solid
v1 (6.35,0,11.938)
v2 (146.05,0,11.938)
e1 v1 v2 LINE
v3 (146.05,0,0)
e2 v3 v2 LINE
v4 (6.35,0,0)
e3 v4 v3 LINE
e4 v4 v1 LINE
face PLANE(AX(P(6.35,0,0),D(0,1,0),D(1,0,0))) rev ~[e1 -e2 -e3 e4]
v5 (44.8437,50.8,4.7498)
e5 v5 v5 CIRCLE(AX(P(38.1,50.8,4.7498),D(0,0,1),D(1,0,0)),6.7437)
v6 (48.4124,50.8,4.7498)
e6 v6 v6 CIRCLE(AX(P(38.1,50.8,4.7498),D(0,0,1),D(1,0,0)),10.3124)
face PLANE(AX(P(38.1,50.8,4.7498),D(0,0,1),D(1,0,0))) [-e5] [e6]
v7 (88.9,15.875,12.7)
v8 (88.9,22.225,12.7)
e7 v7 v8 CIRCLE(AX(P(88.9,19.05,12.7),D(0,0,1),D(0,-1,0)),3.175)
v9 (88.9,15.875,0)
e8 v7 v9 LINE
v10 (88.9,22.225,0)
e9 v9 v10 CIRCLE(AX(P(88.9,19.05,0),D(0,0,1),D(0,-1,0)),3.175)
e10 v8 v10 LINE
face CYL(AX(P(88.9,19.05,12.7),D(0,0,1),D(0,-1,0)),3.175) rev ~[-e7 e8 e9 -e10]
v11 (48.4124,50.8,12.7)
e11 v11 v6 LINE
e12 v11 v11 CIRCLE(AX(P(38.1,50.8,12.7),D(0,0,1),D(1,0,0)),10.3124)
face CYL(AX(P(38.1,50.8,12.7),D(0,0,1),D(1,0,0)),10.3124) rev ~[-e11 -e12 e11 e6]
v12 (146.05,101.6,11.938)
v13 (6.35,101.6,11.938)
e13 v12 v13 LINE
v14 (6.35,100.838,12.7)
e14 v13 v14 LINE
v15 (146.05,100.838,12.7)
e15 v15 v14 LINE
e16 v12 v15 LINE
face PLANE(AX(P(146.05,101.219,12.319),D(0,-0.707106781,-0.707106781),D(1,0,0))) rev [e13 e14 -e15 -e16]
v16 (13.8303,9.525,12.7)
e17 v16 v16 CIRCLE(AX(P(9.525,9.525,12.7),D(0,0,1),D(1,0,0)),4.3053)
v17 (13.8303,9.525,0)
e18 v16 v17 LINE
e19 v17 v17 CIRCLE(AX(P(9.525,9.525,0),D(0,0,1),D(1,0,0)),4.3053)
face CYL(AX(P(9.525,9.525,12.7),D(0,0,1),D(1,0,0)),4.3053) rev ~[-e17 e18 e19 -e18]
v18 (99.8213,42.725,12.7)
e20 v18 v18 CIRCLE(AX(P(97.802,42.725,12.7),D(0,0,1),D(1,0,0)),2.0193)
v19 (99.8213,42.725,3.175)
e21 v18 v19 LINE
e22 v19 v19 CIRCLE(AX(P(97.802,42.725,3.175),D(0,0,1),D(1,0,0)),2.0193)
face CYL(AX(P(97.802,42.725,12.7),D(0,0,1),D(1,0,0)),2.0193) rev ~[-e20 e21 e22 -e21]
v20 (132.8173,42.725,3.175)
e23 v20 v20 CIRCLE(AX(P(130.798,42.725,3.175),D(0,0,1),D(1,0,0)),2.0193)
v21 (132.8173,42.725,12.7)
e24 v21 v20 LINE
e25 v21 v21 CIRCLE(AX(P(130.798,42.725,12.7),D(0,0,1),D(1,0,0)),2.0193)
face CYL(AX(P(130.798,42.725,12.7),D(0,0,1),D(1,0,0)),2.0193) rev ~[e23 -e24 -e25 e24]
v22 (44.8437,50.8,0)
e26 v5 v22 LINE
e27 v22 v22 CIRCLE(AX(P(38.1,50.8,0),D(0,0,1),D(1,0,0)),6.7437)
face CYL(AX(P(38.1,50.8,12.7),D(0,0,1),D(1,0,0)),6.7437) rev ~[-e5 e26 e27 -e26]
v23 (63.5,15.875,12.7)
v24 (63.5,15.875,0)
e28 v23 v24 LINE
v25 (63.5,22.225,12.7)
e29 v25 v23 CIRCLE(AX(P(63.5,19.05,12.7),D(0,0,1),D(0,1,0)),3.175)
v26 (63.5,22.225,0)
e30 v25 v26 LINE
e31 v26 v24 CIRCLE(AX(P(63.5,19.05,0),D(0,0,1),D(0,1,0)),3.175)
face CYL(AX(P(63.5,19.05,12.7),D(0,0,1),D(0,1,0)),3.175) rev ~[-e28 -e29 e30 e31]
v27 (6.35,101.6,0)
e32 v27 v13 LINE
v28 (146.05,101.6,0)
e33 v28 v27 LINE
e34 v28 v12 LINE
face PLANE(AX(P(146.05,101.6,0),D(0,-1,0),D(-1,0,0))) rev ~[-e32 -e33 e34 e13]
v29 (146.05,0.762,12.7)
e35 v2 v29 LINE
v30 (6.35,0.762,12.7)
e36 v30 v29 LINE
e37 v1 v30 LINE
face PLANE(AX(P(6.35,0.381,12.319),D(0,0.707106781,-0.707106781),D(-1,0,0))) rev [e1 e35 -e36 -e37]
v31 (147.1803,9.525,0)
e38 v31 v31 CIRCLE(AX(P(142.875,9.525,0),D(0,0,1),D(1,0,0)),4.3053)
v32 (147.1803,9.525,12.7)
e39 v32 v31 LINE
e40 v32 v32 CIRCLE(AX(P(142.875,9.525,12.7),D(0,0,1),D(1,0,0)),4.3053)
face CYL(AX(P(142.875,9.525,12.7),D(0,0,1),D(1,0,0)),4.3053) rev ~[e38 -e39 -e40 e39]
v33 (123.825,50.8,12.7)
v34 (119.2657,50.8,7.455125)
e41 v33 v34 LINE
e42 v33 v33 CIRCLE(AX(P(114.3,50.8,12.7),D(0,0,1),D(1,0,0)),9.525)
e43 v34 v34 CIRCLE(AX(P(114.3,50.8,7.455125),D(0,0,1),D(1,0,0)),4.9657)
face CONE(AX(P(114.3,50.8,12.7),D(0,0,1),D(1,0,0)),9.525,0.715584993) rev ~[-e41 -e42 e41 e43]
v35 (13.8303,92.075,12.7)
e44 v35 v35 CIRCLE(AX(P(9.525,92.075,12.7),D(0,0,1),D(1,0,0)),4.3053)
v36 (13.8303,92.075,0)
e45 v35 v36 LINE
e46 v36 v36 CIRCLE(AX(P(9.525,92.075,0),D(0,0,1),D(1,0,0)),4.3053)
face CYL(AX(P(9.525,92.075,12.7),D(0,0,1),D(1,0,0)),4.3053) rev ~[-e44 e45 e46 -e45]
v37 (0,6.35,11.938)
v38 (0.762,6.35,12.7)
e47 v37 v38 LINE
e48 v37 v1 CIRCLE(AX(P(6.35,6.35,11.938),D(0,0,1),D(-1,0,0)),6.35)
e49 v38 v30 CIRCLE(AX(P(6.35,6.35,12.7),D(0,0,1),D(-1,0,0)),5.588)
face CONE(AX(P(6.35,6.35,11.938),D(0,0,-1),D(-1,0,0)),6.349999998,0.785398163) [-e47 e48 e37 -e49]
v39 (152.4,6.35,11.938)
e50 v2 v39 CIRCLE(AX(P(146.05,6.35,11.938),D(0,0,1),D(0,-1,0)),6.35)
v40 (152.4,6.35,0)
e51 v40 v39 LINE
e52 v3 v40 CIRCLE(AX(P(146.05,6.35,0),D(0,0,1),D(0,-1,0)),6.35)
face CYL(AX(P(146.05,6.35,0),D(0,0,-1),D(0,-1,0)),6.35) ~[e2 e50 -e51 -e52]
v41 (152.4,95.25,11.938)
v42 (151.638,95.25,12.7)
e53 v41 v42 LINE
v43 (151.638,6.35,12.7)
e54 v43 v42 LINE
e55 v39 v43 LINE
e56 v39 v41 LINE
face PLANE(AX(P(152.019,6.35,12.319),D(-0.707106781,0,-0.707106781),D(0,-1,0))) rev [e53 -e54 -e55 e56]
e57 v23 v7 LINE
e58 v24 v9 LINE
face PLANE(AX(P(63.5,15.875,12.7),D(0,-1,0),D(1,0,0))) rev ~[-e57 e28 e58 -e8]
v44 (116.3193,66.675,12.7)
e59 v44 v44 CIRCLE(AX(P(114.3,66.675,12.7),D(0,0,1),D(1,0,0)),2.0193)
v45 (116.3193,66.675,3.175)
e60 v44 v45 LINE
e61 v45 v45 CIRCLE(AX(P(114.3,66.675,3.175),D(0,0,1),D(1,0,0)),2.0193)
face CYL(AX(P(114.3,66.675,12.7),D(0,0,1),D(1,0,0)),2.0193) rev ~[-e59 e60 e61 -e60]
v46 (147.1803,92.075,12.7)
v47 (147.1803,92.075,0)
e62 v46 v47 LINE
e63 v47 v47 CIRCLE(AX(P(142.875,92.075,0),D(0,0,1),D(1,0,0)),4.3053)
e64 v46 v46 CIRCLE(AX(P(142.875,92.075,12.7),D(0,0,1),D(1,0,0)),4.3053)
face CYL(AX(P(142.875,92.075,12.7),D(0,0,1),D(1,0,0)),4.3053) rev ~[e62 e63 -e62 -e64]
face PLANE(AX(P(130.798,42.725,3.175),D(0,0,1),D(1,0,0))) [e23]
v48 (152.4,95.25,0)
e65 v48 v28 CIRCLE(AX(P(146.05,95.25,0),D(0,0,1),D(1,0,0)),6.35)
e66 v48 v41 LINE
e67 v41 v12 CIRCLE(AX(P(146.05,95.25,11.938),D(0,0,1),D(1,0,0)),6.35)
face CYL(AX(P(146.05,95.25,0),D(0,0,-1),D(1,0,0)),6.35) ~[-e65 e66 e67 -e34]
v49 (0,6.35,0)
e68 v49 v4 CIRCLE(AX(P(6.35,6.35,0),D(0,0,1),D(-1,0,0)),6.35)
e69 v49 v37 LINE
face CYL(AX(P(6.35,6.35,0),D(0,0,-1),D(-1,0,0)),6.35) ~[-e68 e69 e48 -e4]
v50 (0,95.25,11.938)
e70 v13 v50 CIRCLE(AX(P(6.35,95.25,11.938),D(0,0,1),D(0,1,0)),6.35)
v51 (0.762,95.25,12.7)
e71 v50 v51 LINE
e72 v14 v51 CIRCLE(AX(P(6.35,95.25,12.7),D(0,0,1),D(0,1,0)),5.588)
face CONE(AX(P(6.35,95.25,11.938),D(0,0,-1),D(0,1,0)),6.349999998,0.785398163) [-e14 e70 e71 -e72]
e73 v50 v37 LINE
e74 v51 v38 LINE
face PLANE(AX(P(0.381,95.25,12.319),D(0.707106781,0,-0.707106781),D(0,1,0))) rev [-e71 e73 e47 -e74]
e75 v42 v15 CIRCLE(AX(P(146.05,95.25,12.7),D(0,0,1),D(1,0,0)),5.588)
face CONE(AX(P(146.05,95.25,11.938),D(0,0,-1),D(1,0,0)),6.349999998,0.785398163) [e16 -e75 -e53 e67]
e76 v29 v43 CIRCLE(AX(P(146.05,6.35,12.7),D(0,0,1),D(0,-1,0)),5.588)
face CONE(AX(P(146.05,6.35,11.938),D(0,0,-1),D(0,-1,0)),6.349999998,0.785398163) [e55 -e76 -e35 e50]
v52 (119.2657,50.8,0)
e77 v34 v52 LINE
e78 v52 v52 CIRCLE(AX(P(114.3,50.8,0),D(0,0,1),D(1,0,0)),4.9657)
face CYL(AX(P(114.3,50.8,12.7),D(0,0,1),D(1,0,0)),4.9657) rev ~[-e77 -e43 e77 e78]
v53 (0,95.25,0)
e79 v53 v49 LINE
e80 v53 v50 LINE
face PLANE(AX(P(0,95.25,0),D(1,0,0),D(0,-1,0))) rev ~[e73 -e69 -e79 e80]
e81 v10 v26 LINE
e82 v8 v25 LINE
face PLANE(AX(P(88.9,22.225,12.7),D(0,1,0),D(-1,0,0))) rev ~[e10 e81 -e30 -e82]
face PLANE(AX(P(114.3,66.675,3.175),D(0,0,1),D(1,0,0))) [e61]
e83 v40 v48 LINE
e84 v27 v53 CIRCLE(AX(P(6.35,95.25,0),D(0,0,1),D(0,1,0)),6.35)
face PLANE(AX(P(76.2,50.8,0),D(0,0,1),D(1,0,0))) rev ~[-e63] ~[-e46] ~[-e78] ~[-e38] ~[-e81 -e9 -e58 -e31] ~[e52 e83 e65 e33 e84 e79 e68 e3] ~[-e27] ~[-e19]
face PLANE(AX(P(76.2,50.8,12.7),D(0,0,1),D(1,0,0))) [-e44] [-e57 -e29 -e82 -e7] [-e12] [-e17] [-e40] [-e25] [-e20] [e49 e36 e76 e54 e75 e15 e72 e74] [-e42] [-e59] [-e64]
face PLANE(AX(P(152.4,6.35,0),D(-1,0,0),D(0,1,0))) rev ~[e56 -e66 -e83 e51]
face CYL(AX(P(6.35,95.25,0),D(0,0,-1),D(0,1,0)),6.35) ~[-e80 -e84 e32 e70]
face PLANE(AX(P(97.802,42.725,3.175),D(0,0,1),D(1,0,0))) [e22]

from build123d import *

# Parameters (mm, degrees)
EXTRUDE_1_DEPTH     = 12.7
SKETCH_2_R          = 4.3053
CUT_EXTRUDE_1_DEPTH = 184.601770144
CUT_EXTRUDE_2_DEPTH = 184.601770144
SKETCH_4_R          = 10.3124
CUT_EXTRUDE_3_DEPTH = 7.9502
SKETCH_5_R          = 6.7437
CUT_EXTRUDE_4_DEPTH = 184.601770144
SKETCH_6_R          = 9.525
CUT_EXTRUDE_5_DEPTH = 5.244874679
CUT_EXTRUDE_5_DRAFT = -41
SKETCH_7_R          = 4.9657
CUT_EXTRUDE_6_DEPTH = 184.601770144
SKETCH_8_R          = 2.0193
CUT_EXTRUDE_7_DEPTH = 9.525
CHAMFER_1_SIZE      = 0.762


with BuildPart() as part:
    # 草图1 → 凸台-拉伸1 (new body)
    with BuildSketch(Plane.XY):
        with BuildLine():
            Line((6.35, 0), (146.05, 0))
            ThreePointArc((146.05, 0), (150.540128061, 1.859871939), (152.4, 6.35))
            Line((152.4, 6.35), (152.4, 95.25))
            ThreePointArc((152.4, 95.25), (150.540128061, 99.740128061), (146.05, 101.6))
            Line((146.05, 101.6), (6.35, 101.6))
            ThreePointArc((6.35, 101.6), (1.859871939, 99.740128061), (0, 95.25))
            Line((0, 95.25), (0, 6.35))
            ThreePointArc((0, 6.35), (1.859871939, 1.859871939), (6.35, 0))
        make_face()
    extrude(amount=EXTRUDE_1_DEPTH)

    # 草图2 → 切除-拉伸1 (cut, through all)
    with BuildSketch(Plane.XY.offset(12.7)):
        with Locations((9.525, 9.525)):
            Circle(SKETCH_2_R)
        with Locations((142.875, 9.525)):
            Circle(SKETCH_2_R)
        with Locations((9.525, 92.075)):
            Circle(SKETCH_2_R)
        with Locations((142.875, 92.075)):
            Circle(SKETCH_2_R)
    extrude(amount=-CUT_EXTRUDE_1_DEPTH, mode=Mode.SUBTRACT)

    # 草图3 → 切除-拉伸2 (cut, through all)
    with BuildSketch(Plane.XY.offset(12.7)):
        with BuildLine():
            Line((63.5, 15.875), (88.9, 15.875))
            ThreePointArc((88.9, 15.875), (92.075, 19.05), (88.9, 22.225))
            Line((88.9, 22.225), (63.5, 22.225))
            ThreePointArc((63.5, 22.225), (60.325, 19.05), (63.5, 15.875))
        make_face()
    extrude(amount=-CUT_EXTRUDE_2_DEPTH, mode=Mode.SUBTRACT)

    # 草图4 → 切除-拉伸3 (cut)
    with BuildSketch(Plane.XY.offset(12.7)):
        with Locations((38.1, 50.8)):
            Circle(SKETCH_4_R)
    extrude(amount=-CUT_EXTRUDE_3_DEPTH, mode=Mode.SUBTRACT)

    # 草图5 → 切除-拉伸4 (cut, through all)
    with BuildSketch(Plane.XY.offset(12.7)):
        with Locations((38.1, 50.8)):
            Circle(SKETCH_5_R)
    extrude(amount=-CUT_EXTRUDE_4_DEPTH, mode=Mode.SUBTRACT)


with BuildPart() as cut_extrude_5_tool:
    # 草图6 → 切除-拉伸5 (with draft: the straight prism first)
    with BuildSketch(Plane.XY.offset(12.7)):
        with Locations((114.3, 50.8)):
            Circle(SKETCH_6_R)
    extrude(amount=-CUT_EXTRUDE_5_DEPTH)
    # 切除-拉伸5: the draft: its side faces are tilted about the plane it starts from
    cut_extrude_5_sides = [cut_extrude_5_tool.faces().sort_by_distance(p)[0] for p in [
        (104.775, 50.8, 10.07756266),
    ]]
    draft(cut_extrude_5_sides, Plane.XY.offset(12.7), CUT_EXTRUDE_5_DRAFT)


with BuildPart() as part_1:
    add(part.part)

    # 切除-拉伸5: cut by cut_extrude_5_tool
    add(cut_extrude_5_tool.part, mode=Mode.SUBTRACT)

    # 草图7 → 切除-拉伸6 (cut, through all)
    with BuildSketch(Plane.XY.offset(12.7)):
        with Locations((114.3, 50.8)):
            Circle(SKETCH_7_R)
    extrude(amount=-CUT_EXTRUDE_6_DEPTH, mode=Mode.SUBTRACT)

    # 草图8 → 切除-拉伸7 (cut)
    with BuildSketch(Plane.XY.offset(12.7)):
        with Locations((114.3, 66.675)):
            Circle(SKETCH_8_R)
        with Locations((97.802, 42.725)):
            Circle(SKETCH_8_R)
        with Locations((130.798, 42.725)):
            Circle(SKETCH_8_R)
    extrude(amount=-CUT_EXTRUDE_7_DEPTH, mode=Mode.SUBTRACT)

    # 倒角1
    chamfer_1_edges = [part_1.edges().sort_by_distance(p)[0] for p in [
        (150.540128061, 1.859871939, 12.7),
        (152.4, 50.8, 12.7),
        (150.540128061, 99.740128061, 12.7),
        (76.2, 101.6, 12.7),
        (1.859871939, 99.740128061, 12.7),
        (0, 50.8, 12.7),
        (1.859871939, 1.859871939, 12.7),
        (76.2, 0, 12.7),
    ]]
    chamfer(chamfer_1_edges, length=CHAMFER_1_SIZE)


solid = part_1.part
